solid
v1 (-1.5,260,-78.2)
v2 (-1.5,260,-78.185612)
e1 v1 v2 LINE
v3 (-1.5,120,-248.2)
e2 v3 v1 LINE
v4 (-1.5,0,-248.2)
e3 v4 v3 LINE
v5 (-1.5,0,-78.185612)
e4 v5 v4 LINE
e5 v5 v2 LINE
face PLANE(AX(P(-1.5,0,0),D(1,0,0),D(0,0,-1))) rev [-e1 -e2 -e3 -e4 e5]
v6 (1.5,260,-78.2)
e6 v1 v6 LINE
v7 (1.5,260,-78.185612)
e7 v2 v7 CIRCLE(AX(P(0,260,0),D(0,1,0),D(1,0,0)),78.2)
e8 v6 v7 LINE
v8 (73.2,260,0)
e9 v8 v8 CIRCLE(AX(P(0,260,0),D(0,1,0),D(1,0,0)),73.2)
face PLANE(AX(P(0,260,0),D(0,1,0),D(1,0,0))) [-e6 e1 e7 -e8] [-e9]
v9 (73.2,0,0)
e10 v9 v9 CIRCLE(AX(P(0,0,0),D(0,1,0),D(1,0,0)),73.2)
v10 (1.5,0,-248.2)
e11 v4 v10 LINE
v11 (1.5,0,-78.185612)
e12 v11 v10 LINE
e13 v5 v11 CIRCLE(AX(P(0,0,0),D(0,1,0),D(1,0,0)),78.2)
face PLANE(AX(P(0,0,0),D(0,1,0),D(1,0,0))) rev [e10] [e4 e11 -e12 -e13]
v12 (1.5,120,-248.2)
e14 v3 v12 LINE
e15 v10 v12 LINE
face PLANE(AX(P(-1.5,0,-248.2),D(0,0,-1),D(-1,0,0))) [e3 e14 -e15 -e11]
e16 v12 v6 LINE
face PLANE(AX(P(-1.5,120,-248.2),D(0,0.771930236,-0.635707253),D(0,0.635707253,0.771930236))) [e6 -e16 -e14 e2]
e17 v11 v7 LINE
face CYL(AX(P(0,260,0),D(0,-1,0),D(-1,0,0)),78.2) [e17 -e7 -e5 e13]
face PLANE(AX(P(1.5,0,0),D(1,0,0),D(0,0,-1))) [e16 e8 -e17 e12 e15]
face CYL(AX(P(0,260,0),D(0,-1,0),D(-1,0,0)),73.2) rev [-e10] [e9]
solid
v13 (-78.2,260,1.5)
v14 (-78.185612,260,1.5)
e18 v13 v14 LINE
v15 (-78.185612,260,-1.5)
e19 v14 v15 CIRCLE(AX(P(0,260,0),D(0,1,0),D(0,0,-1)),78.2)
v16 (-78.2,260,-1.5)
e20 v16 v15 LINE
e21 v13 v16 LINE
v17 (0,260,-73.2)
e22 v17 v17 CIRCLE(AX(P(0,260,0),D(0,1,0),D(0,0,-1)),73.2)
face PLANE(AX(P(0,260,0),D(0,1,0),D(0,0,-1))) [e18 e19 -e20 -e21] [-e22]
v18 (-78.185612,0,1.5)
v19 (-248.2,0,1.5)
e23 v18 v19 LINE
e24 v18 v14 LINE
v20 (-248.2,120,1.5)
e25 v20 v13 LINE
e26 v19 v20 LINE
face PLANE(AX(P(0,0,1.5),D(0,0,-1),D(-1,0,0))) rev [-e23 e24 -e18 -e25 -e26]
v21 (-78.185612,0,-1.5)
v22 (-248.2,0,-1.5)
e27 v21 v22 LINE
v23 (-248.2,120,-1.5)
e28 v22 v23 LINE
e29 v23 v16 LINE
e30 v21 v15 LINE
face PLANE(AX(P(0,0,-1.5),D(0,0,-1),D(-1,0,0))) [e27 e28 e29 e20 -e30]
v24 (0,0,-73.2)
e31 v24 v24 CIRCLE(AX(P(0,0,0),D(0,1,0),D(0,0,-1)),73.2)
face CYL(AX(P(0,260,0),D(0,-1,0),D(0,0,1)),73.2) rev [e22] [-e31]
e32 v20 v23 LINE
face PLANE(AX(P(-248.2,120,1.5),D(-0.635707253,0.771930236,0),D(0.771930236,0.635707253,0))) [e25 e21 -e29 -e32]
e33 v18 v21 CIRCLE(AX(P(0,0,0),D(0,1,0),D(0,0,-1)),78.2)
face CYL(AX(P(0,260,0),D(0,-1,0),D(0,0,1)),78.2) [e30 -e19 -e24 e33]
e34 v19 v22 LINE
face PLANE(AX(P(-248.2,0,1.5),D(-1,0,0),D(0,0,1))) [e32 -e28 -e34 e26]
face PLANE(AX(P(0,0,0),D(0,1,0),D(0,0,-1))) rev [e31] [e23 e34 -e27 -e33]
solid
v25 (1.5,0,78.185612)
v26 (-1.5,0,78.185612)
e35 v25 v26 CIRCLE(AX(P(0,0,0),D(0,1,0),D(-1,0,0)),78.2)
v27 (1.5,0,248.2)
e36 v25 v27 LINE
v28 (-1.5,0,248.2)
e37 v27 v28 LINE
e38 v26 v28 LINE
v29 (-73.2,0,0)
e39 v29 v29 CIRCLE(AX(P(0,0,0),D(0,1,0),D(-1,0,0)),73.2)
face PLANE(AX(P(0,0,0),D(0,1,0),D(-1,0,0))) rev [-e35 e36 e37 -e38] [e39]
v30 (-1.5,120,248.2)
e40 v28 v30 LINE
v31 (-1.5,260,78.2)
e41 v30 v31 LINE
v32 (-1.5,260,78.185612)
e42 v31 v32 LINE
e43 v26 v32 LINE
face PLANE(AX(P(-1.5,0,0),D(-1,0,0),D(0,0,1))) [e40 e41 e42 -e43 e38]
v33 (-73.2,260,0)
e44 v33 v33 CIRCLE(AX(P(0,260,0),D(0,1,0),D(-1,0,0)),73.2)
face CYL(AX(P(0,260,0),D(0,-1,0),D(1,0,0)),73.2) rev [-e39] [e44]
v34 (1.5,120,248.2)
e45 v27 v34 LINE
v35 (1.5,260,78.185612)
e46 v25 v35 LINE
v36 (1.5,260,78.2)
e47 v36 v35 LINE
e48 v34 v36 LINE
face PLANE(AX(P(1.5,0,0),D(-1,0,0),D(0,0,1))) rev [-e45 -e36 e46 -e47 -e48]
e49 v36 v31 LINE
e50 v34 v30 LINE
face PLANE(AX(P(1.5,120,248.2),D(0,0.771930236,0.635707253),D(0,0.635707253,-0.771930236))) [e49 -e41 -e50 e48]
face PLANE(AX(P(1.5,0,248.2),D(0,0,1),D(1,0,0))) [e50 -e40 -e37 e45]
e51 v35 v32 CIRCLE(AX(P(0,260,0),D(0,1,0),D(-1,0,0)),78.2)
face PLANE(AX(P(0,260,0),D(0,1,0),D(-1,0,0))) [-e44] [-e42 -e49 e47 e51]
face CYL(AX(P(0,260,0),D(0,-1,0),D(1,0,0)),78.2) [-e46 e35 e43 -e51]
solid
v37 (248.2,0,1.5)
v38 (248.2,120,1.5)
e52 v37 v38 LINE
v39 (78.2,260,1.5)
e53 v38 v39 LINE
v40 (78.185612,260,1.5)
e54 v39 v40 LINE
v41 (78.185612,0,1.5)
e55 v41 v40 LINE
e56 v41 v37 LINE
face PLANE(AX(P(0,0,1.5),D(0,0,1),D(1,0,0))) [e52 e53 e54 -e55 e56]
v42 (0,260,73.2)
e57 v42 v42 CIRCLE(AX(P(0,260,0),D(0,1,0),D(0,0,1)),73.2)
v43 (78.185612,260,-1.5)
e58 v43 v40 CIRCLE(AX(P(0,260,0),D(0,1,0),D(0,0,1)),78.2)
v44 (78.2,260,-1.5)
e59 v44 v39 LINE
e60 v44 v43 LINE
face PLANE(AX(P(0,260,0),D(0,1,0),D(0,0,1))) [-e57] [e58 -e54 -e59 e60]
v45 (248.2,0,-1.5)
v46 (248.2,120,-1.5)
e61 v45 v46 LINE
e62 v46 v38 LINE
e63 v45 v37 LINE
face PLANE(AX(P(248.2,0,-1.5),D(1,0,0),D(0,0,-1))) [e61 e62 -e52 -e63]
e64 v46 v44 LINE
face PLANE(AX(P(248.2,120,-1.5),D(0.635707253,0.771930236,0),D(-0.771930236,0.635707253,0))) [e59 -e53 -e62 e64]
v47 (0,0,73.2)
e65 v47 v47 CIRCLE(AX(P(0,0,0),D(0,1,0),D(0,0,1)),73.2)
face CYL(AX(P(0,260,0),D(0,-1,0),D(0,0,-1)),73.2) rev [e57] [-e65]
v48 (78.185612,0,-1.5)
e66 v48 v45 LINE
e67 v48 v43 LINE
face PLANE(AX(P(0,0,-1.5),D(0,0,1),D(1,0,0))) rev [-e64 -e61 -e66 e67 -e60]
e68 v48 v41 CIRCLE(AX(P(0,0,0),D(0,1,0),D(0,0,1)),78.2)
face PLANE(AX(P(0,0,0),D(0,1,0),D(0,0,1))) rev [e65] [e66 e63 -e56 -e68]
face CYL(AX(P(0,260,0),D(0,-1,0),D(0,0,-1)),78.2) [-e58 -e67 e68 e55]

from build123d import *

# Parameters (mm, degrees)
SKETCH1_R                = 78.2
SKETCH1_R_2              = 73.2
BOSS_EXTRUDE1_DEPTH      = 260
BOSS_EXTRUDE2_DEPTH      = 1.5
BOSS_EXTRUDE2_DEPTH_BACK = 1.5
BOSS_EXTRUDE3_DEPTH      = 1.5
BOSS_EXTRUDE3_DEPTH_BACK = 1.5
SKETCH4_W                = 2
SKETCH4_H                = 260
CIRPATTERN1_COUNT        = 4


with BuildPart() as part:
    # Sketch1 → Boss-Extrude1 (new body)
    with BuildSketch(Plane(origin=(0, 0, 0), x_dir=(1, 0, 0), z_dir=(0, 1, 0))):
        Circle(SKETCH1_R)
        Circle(SKETCH1_R_2, mode=Mode.SUBTRACT)
    extrude(amount=BOSS_EXTRUDE1_DEPTH)



with BuildPart() as body_2:
    # Sketch2 → Boss-Extrude2 (new, two sides: drawn at the far end of the back side and taken through both)
    with BuildSketch(Plane.XY.offset(-BOSS_EXTRUDE2_DEPTH_BACK)):
        Polygon((78.2, 0), (78.2, 260), (248.2, 120), (248.2, 0), align=None)
    extrude(amount=BOSS_EXTRUDE2_DEPTH + BOSS_EXTRUDE2_DEPTH_BACK)


with BuildPart() as part_1:
    add(part.part)

    add(body_2.part)  # Boss-Extrude3 merges body 2
    # Sketch4 → Boss-Extrude3 (add, two sides: drawn at the far end of the back side and taken through both)
    with BuildSketch(Plane.XY.offset(-BOSS_EXTRUDE3_DEPTH_BACK)):
        with Locations((77.2, 130)):
            Rectangle(SKETCH4_W, SKETCH4_H)
    extrude(amount=BOSS_EXTRUDE3_DEPTH + BOSS_EXTRUDE3_DEPTH_BACK)


with BuildPart() as cirpattern1_1:
    # CirPattern1: pattern copy
    add(part_1.part.rotate(Axis((0, 260, 0), (0, -1, 0)), 1 * 360 / CIRPATTERN1_COUNT))


with BuildPart() as cirpattern1_2:
    # CirPattern1: pattern copy
    add(part_1.part.rotate(Axis((0, 260, 0), (0, -1, 0)), 2 * 360 / CIRPATTERN1_COUNT))


with BuildPart() as cirpattern1_3:
    # CirPattern1: pattern copy
    add(part_1.part.rotate(Axis((0, 260, 0), (0, -1, 0)), 3 * 360 / CIRPATTERN1_COUNT))


solid = Compound([part_1.part, cirpattern1_1.part, cirpattern1_2.part, cirpattern1_3.part])
